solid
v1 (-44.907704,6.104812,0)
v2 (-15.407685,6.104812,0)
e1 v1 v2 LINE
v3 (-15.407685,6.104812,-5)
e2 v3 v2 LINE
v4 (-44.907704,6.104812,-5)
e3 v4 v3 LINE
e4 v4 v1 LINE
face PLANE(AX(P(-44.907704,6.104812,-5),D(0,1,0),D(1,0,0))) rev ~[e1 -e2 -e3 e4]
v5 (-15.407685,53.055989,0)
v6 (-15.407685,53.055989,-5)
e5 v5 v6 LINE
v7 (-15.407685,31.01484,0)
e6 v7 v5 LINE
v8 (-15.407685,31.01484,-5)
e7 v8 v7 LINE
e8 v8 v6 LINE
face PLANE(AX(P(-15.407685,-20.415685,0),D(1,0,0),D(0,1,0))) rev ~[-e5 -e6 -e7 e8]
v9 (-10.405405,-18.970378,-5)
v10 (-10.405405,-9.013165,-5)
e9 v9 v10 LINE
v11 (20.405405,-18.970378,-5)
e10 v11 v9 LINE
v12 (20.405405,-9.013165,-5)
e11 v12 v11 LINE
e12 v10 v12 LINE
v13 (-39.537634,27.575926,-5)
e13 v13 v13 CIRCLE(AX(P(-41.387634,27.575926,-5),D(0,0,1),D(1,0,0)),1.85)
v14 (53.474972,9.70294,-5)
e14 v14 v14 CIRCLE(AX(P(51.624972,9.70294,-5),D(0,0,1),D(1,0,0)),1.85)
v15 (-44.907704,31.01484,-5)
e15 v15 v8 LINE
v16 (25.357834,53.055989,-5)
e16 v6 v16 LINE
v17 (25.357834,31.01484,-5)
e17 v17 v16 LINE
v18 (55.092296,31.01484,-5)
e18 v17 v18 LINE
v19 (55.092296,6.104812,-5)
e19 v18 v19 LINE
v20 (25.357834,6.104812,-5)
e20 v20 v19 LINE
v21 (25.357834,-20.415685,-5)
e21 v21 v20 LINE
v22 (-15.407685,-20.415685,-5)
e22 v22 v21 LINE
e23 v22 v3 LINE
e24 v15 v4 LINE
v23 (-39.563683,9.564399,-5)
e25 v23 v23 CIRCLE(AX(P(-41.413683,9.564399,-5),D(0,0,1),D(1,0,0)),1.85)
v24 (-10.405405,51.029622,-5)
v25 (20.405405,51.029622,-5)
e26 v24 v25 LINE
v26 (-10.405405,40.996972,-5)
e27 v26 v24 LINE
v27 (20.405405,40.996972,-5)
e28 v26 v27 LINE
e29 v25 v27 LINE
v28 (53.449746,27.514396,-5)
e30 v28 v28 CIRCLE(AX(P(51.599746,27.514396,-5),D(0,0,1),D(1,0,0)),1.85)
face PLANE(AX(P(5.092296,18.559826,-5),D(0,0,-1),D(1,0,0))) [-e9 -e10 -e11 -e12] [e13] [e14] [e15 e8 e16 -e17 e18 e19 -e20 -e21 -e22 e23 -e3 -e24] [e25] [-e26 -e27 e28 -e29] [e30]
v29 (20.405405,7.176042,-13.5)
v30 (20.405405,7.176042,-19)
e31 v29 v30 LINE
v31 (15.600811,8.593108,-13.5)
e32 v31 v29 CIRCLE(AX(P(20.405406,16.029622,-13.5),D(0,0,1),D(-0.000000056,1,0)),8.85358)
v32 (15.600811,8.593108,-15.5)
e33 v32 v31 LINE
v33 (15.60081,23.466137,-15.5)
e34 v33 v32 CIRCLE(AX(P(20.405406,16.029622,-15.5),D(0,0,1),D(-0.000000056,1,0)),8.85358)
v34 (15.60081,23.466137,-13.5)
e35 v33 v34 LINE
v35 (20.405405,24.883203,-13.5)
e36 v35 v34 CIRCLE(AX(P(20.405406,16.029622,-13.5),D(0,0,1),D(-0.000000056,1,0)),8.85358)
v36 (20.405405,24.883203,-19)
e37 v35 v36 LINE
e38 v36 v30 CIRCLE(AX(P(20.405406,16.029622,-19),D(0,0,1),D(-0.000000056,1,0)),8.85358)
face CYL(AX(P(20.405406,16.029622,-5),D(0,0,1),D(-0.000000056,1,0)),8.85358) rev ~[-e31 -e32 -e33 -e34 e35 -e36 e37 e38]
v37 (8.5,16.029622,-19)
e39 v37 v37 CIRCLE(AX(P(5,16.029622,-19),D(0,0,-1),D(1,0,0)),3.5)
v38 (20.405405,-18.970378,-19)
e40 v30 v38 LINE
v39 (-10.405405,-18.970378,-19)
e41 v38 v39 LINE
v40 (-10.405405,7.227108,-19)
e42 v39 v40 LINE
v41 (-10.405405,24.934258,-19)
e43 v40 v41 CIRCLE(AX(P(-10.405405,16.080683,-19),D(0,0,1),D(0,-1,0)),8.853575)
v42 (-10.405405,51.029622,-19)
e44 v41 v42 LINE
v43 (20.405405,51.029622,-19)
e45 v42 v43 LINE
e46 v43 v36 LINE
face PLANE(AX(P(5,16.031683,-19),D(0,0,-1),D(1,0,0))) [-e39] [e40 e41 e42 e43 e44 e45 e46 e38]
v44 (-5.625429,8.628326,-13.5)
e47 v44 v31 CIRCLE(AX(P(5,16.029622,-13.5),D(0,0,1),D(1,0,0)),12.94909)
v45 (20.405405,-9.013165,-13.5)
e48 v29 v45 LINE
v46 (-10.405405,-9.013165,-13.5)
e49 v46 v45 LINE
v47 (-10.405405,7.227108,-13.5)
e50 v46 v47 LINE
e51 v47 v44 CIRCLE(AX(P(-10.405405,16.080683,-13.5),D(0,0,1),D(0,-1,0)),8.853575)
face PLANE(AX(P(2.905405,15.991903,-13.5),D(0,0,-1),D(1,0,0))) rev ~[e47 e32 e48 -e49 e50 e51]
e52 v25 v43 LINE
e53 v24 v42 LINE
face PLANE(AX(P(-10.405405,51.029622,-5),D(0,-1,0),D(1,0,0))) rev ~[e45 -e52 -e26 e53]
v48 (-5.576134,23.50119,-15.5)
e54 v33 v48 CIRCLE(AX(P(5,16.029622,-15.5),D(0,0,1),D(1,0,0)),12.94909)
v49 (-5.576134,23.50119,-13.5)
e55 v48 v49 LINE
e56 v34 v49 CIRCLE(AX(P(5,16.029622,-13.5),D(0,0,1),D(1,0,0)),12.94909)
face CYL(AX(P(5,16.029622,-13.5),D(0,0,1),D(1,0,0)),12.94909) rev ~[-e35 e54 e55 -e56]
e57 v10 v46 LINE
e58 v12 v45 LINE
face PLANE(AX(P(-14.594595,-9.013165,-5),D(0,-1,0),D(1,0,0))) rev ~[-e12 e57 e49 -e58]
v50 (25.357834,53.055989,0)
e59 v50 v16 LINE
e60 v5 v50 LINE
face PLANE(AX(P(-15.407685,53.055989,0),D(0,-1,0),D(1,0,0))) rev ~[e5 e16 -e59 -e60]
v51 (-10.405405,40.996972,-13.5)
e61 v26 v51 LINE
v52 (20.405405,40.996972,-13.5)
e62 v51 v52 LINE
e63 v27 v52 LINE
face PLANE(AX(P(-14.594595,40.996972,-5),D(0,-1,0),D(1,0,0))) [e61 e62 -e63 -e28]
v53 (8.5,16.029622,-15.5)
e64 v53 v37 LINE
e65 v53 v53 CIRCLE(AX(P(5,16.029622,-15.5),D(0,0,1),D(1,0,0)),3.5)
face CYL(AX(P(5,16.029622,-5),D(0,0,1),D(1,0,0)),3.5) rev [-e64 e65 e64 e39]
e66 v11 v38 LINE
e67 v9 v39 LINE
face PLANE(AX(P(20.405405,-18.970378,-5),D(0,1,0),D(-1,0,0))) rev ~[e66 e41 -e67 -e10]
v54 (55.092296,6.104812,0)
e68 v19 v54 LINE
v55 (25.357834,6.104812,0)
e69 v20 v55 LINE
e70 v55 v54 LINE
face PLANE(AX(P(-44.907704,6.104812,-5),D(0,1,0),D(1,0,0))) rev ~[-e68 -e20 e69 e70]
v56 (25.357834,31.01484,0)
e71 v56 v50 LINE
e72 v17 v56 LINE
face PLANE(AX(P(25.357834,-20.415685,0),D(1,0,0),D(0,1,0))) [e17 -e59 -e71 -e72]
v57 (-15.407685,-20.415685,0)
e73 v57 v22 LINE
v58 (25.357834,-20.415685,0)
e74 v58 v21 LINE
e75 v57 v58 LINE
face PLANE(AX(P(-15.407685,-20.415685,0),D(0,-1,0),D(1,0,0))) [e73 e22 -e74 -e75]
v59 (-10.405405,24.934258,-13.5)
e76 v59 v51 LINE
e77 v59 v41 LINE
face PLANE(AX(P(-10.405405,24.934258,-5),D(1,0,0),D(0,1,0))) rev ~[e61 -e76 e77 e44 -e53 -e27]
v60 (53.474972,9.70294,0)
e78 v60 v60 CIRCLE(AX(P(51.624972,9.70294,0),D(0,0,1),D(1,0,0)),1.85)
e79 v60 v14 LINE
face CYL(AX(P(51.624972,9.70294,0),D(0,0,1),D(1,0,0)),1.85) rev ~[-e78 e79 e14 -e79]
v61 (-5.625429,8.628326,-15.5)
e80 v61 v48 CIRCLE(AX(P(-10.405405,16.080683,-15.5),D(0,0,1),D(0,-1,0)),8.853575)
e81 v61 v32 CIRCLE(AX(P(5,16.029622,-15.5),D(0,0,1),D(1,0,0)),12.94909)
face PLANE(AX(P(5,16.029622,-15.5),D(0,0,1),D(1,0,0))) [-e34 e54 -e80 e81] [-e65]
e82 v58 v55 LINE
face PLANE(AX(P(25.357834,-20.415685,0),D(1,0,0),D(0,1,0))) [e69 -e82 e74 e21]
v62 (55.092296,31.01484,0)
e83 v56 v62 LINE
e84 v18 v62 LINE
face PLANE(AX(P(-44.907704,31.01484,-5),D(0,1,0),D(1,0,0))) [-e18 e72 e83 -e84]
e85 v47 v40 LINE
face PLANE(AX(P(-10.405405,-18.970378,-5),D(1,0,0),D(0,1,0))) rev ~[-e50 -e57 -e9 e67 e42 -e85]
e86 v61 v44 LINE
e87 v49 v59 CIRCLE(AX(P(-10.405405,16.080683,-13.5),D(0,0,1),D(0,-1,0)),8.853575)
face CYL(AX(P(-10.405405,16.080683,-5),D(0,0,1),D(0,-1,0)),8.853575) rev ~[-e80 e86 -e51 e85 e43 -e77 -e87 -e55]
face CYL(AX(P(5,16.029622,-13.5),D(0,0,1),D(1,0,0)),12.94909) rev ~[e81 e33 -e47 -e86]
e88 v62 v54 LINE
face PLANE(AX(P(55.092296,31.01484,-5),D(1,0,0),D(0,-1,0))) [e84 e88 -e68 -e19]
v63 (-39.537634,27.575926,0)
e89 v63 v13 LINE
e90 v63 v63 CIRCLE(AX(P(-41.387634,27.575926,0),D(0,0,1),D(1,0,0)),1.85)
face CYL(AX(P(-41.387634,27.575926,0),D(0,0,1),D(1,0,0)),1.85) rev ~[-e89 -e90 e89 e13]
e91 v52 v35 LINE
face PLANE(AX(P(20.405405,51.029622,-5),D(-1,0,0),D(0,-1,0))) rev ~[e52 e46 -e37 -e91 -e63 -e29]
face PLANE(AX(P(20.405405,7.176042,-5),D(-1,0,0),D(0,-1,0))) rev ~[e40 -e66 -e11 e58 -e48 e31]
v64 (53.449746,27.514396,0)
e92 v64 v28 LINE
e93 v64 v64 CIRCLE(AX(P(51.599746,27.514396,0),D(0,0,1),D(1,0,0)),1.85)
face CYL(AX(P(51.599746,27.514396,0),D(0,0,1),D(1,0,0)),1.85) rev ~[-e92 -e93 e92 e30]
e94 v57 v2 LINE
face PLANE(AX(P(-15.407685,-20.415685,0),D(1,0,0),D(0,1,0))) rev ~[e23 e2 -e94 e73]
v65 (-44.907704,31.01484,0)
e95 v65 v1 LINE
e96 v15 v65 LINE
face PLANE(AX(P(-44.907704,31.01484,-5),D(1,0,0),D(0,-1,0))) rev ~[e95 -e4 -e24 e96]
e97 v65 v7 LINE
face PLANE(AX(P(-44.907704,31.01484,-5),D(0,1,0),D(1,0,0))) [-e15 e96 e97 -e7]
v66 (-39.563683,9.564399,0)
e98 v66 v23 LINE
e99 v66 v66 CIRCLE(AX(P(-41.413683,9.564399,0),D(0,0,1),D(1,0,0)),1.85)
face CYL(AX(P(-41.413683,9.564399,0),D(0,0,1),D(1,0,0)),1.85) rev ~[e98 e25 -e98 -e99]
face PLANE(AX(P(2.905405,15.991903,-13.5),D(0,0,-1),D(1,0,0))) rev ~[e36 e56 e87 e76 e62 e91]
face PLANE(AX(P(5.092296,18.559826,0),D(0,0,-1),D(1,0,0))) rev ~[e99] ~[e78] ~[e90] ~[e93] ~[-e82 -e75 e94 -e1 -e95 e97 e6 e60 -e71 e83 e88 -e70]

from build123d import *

# Parameters (mm, degrees)
F0_W      = 40.765519
F0_H      = 73.471674
F1_DEPTH  = 5
F2_R      = 3.5
F3_DEPTH  = 14
F4_W      = 35
F4_H      = 50.010137
F5_DEPTH  = 8.5
F6_W      = 100
F6_H      = 24.910029
F7_DEPTH  = 5
F8_R      = 1.85
F9_DEPTH  = 25.4
F10_R     = 12.94909
F11_DEPTH = 2


with BuildPart() as f1:
    # F0 (on Top) → F1 (new body)
    with BuildSketch(Plane.XY):
        with Locations((4.975075, 16.320152)):
            Rectangle(F0_W, F0_H)
    extrude(amount=-F1_DEPTH)

    # F2 (on face) → F3 (join)
    with BuildSketch(Plane(origin=(0, 0, -5), x_dir=(1, 0, 0), z_dir=(0, 0, -1))):
        with BuildLine():
            Line((20.405405, 18.970378), (-10.405405, 18.970378))
            Line((-10.405405, 18.970378), (-10.405405, -7.227108))
            ThreePointArc((-10.405405, -7.227108), (-1.55183, -16.080683), (-10.405405, -24.934258))
            Line((-10.405405, -24.934258), (-10.405405, -51.029622))
            Line((-10.405405, -51.029622), (20.405405, -51.029622))
            Line((20.405405, -51.029622), (20.405405, -24.883203))
            ThreePointArc((20.405405, -24.883203), (11.551825, -16.029622), (20.405405, -7.176042))
            Line((20.405405, -7.176042), (20.405405, 18.970378))
        make_face()
        with Locations((5, -16.029622)):
            Circle(F2_R, mode=Mode.SUBTRACT)
    extrude(amount=F3_DEPTH)

    # F4 (on face) → F5 (cut)
    with BuildSketch(Plane(origin=(0, 0, -5), x_dir=(1, 0, 0), z_dir=(0, 0, -1))):
        with Locations((2.905405, -15.991903)):
            Rectangle(F4_W, F4_H)
    extrude(amount=F5_DEPTH, mode=Mode.SUBTRACT)

    # F6 (on face) → F7 (join)
    with BuildSketch(Plane(origin=(0, 0, -5), x_dir=(1, 0, 0), z_dir=(0, 0, -1))):
        with Locations((5.092296, -18.559826)):
            Rectangle(F6_W, F6_H)
    extrude(amount=-F7_DEPTH)

    # F8 (on face) → F9 (cut)
    with BuildSketch(Plane.XY):
        with Locations((-41.387634, 27.575926)):
            Circle(F8_R)
        with Locations((51.599746, 27.514396)):
            Circle(F8_R)
        with Locations((-41.413683, 9.564399)):
            Circle(F8_R)
        with Locations((51.624972, 9.70294)):
            Circle(F8_R)
    extrude(amount=-F9_DEPTH, mode=Mode.SUBTRACT)

    # F10 (on face) → F11 (cut)
    with BuildSketch(Plane.XY.offset(-13.5)):
        with Locations((5, 16.029622)):
            Circle(F10_R)
    extrude(amount=-F11_DEPTH, mode=Mode.SUBTRACT)


solid = f1.part
